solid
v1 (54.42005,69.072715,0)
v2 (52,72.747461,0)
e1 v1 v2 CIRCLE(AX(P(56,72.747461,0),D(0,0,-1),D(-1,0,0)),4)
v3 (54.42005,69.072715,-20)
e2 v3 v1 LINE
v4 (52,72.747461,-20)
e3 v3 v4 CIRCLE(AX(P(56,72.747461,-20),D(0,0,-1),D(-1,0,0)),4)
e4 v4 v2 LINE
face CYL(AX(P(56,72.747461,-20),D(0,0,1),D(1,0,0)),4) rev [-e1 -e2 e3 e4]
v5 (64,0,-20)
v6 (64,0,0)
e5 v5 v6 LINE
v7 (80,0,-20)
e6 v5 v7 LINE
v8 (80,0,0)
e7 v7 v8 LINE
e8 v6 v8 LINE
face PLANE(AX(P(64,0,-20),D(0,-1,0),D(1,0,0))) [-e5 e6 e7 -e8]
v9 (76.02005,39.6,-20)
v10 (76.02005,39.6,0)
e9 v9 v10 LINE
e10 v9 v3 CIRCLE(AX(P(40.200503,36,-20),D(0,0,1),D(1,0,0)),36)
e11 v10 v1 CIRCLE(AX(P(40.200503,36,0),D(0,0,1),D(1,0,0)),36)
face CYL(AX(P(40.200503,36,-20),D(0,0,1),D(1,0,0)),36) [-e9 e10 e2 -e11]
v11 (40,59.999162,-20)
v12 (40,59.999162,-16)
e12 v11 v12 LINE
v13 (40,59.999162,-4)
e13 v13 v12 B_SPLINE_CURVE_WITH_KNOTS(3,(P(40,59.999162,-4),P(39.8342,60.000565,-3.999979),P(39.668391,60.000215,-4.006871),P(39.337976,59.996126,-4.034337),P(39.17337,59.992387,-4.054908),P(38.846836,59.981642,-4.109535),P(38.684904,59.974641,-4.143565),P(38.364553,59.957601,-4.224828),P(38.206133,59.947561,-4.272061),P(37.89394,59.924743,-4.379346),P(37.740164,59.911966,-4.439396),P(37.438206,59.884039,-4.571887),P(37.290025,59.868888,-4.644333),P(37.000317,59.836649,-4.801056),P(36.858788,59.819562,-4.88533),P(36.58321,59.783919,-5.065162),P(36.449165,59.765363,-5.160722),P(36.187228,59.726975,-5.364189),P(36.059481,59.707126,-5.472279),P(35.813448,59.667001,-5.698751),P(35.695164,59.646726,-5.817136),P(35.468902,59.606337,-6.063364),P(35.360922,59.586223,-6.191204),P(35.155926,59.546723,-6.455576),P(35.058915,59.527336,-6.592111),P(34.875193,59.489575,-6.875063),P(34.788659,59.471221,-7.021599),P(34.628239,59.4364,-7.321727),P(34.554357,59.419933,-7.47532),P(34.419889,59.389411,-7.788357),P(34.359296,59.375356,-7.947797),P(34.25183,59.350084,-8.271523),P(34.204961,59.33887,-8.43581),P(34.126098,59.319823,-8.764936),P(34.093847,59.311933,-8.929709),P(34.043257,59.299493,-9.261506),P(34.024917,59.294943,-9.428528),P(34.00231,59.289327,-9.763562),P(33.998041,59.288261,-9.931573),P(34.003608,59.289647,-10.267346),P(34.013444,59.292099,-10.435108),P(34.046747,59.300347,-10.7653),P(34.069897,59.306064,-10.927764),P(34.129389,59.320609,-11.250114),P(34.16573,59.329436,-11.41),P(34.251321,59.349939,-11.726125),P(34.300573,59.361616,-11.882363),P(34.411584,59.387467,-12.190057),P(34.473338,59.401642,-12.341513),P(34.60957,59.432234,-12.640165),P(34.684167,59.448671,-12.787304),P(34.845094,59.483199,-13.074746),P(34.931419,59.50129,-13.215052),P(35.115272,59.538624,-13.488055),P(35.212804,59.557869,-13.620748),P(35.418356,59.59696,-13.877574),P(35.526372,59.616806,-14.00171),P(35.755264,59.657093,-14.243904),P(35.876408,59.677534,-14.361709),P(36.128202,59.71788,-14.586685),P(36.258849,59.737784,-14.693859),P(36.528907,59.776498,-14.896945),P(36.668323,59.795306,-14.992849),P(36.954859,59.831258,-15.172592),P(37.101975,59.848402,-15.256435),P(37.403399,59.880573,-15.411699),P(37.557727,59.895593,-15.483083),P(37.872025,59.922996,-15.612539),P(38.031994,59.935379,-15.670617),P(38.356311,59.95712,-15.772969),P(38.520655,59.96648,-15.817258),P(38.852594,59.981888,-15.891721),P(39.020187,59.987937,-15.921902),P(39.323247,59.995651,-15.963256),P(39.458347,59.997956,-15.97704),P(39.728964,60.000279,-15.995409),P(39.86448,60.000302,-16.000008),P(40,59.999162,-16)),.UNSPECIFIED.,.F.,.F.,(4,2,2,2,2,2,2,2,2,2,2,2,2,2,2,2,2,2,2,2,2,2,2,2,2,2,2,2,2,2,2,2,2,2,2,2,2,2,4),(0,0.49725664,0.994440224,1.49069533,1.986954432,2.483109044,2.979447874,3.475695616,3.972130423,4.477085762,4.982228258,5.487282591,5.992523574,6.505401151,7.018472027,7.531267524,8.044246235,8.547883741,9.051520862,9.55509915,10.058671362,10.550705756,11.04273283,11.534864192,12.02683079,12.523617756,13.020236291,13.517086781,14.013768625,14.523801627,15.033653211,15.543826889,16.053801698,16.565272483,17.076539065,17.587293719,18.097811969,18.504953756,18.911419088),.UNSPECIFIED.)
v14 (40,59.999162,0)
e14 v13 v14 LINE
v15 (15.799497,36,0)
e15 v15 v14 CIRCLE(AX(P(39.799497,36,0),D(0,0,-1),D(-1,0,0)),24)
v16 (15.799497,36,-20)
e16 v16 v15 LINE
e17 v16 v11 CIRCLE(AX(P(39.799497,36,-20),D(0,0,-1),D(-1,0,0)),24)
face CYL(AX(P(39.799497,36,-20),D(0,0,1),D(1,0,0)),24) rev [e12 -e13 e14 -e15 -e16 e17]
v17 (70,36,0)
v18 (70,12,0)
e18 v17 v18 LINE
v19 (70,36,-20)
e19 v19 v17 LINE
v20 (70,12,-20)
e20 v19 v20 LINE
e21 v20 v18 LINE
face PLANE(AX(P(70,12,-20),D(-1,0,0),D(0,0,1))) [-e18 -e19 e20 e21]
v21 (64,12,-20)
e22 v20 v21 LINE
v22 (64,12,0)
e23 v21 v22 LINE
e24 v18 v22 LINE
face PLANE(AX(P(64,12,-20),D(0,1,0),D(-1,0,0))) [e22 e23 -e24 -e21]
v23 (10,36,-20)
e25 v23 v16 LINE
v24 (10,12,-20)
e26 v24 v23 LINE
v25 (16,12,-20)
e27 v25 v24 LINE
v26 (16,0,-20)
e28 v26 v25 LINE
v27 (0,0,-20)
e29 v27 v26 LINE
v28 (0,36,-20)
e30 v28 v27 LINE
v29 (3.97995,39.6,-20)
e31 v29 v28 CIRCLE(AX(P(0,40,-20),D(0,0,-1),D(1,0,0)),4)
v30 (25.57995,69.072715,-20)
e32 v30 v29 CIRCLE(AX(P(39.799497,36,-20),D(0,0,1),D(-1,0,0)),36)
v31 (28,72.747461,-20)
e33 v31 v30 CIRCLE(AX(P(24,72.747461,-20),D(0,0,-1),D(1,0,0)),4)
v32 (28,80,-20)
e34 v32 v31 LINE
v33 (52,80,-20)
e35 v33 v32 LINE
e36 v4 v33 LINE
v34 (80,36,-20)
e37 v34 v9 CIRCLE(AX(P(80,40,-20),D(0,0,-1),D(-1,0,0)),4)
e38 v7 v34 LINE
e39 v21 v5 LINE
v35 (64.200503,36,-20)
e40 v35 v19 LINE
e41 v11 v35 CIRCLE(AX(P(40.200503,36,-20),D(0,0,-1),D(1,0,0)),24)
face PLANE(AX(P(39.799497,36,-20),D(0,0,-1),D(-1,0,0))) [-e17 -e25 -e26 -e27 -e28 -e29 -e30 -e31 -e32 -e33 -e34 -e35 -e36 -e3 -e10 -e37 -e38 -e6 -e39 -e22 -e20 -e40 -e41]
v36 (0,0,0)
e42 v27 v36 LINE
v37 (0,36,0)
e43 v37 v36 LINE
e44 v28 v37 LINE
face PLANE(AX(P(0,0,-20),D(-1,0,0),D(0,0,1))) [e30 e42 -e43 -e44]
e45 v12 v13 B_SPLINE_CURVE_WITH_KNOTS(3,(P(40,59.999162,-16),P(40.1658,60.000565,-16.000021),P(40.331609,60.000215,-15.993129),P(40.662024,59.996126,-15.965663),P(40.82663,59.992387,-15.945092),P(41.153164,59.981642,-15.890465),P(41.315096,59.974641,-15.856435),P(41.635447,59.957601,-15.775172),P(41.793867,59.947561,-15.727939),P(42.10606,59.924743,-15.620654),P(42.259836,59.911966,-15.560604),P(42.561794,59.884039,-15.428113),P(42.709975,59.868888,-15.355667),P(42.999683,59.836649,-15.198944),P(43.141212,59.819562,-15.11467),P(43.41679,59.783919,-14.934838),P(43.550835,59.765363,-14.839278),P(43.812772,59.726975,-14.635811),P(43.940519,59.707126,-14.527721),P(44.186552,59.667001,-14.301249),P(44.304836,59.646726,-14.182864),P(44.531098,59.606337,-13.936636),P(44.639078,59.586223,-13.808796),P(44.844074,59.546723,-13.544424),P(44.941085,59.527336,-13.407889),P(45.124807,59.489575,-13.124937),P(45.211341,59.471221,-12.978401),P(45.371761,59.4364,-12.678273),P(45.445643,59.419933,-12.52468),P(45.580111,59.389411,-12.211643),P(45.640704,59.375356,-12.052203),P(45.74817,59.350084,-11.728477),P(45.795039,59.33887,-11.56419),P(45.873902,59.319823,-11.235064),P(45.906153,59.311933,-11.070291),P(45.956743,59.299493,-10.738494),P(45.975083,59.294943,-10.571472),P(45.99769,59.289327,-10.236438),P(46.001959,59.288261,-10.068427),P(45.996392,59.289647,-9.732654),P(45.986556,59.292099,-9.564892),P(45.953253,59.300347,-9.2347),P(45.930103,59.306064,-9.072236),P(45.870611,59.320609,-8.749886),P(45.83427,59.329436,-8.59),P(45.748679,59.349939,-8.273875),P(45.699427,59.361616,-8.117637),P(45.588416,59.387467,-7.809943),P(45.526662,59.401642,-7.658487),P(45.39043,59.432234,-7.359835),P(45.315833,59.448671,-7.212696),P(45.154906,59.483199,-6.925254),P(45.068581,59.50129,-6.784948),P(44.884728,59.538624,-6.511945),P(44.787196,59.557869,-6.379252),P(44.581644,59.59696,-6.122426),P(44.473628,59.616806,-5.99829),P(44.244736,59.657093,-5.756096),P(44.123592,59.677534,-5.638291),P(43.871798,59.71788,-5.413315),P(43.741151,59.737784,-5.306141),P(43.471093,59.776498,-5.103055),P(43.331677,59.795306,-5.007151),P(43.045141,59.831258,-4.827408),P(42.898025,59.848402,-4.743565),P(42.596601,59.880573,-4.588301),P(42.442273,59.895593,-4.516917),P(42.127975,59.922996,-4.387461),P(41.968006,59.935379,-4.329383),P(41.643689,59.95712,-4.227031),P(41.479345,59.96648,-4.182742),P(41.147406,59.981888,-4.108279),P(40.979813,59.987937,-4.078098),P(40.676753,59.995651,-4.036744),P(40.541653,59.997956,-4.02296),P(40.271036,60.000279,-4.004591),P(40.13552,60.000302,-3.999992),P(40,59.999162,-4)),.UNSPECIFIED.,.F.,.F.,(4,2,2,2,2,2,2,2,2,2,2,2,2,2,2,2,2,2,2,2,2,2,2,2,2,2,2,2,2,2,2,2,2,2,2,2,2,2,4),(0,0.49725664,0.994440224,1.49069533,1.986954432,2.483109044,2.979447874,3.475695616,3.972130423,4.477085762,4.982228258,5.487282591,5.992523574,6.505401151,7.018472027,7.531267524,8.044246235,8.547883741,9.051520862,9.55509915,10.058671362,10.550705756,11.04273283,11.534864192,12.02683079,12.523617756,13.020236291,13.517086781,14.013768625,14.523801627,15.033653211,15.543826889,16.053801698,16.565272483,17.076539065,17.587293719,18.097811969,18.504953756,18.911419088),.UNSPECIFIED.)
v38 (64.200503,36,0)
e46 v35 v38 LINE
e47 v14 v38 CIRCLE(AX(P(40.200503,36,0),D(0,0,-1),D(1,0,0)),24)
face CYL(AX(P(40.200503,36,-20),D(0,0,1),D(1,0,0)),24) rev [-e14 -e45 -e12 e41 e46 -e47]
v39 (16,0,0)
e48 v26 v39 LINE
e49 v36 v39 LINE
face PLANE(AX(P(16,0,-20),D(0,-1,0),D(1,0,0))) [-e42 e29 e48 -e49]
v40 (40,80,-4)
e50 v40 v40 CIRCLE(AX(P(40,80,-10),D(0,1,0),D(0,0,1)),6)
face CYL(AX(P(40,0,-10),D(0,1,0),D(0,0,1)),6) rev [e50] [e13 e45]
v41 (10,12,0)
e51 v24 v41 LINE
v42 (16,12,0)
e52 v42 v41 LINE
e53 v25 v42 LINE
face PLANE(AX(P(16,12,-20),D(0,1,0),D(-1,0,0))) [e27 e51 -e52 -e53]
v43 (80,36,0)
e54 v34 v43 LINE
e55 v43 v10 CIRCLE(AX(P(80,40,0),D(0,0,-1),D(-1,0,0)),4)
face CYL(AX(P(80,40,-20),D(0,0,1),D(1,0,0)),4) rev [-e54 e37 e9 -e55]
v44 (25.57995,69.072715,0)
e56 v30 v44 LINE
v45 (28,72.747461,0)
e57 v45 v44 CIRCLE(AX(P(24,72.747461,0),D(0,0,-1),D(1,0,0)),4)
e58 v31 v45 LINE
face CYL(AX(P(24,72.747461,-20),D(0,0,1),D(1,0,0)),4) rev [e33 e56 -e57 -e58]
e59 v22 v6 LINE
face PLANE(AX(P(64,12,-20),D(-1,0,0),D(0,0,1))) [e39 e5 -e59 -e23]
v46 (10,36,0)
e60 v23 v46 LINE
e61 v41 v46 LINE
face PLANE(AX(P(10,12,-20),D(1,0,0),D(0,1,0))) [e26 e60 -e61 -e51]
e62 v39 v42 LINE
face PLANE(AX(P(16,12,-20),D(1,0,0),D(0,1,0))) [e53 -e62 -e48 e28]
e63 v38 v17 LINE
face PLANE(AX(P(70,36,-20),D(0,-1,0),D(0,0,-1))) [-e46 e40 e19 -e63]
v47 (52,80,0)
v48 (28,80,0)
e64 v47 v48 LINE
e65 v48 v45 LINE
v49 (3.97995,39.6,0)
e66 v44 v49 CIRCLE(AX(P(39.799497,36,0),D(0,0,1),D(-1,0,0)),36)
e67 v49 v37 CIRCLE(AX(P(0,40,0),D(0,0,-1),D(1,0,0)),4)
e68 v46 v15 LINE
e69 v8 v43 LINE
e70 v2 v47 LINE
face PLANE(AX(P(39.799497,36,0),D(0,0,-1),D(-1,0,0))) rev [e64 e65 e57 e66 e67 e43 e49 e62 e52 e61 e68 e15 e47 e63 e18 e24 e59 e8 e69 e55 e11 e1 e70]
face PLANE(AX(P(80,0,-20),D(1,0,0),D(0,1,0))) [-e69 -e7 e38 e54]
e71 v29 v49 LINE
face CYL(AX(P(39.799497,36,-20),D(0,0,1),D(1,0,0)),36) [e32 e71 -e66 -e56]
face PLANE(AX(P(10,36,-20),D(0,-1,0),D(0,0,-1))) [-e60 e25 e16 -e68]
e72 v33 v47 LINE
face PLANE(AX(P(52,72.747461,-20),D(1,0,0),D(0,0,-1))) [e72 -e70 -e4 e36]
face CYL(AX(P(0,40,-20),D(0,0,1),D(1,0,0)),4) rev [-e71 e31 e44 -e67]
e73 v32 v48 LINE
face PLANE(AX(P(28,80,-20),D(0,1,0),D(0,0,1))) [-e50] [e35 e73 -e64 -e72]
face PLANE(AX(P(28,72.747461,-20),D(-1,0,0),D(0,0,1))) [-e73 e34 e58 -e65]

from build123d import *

# Parameters (mm, degrees)
BOSS_EXTRUDE1_DEPTH = 20
SKETCH3_R           = 6
CUT_EXTRUDE1_DEPTH  = 115.891252931


with BuildPart() as part:
    # Sketch2 → Boss-Extrude1 (new body)
    with BuildSketch(Plane.XY):
        with BuildLine():
            Line((28, 72.747460854), (28, 80))
            Line((28, 80), (52, 80))
            Line((52, 80), (52, 72.747460854))
            ThreePointArc((52, 72.747460854), (52.659356425, 70.547438013), (54.420050252, 69.072714769))
            ThreePointArc((54.420050252, 69.072714769), (69.23734115, 57.280554554), (76.020050252, 39.6))
            ThreePointArc((76.020050252, 39.6), (77.316718427, 37.033520605), (80, 36))
            Line((80, 36), (80, 0))
            Line((80, 0), (64, 0))
            Line((64, 0), (64, 12))
            Line((64, 12), (70, 12))
            Line((70, 12), (70, 36))
            Line((70, 36), (64.200502516, 36))
            ThreePointArc((64.200502516, 36), (57.100028243, 53.041303653), (40, 59.999162459))
            ThreePointArc((40, 59.999162459), (22.899971757, 53.041303653), (15.799497484, 36))
            Line((15.799497484, 36), (10, 36))
            Line((10, 36), (10, 12))
            Line((10, 12), (16, 12))
            Line((16, 12), (16, 0))
            Line((16, 0), (0, 0))
            Line((0, 0), (0, 36))
            ThreePointArc((0, 36), (2.683281573, 37.033520605), (3.979949748, 39.6))
            ThreePointArc((3.979949748, 39.6), (10.76265885, 57.280554554), (25.579949748, 69.072714769))
            ThreePointArc((25.579949748, 69.072714769), (27.340643575, 70.547438013), (28, 72.747460854))
        make_face()
    extrude(amount=-BOSS_EXTRUDE1_DEPTH)

    # Sketch3 → Cut-Extrude1 (cut, through all)
    with BuildSketch(Plane(origin=(0, 80, 0), x_dir=(1, 0, 0), z_dir=(0, 1, 0))):
        with Locations(Location((40, 10, 0), (0, 0, 270))):
            Circle(SKETCH3_R)
    extrude(amount=-CUT_EXTRUDE1_DEPTH, mode=Mode.SUBTRACT)


solid = part.part
